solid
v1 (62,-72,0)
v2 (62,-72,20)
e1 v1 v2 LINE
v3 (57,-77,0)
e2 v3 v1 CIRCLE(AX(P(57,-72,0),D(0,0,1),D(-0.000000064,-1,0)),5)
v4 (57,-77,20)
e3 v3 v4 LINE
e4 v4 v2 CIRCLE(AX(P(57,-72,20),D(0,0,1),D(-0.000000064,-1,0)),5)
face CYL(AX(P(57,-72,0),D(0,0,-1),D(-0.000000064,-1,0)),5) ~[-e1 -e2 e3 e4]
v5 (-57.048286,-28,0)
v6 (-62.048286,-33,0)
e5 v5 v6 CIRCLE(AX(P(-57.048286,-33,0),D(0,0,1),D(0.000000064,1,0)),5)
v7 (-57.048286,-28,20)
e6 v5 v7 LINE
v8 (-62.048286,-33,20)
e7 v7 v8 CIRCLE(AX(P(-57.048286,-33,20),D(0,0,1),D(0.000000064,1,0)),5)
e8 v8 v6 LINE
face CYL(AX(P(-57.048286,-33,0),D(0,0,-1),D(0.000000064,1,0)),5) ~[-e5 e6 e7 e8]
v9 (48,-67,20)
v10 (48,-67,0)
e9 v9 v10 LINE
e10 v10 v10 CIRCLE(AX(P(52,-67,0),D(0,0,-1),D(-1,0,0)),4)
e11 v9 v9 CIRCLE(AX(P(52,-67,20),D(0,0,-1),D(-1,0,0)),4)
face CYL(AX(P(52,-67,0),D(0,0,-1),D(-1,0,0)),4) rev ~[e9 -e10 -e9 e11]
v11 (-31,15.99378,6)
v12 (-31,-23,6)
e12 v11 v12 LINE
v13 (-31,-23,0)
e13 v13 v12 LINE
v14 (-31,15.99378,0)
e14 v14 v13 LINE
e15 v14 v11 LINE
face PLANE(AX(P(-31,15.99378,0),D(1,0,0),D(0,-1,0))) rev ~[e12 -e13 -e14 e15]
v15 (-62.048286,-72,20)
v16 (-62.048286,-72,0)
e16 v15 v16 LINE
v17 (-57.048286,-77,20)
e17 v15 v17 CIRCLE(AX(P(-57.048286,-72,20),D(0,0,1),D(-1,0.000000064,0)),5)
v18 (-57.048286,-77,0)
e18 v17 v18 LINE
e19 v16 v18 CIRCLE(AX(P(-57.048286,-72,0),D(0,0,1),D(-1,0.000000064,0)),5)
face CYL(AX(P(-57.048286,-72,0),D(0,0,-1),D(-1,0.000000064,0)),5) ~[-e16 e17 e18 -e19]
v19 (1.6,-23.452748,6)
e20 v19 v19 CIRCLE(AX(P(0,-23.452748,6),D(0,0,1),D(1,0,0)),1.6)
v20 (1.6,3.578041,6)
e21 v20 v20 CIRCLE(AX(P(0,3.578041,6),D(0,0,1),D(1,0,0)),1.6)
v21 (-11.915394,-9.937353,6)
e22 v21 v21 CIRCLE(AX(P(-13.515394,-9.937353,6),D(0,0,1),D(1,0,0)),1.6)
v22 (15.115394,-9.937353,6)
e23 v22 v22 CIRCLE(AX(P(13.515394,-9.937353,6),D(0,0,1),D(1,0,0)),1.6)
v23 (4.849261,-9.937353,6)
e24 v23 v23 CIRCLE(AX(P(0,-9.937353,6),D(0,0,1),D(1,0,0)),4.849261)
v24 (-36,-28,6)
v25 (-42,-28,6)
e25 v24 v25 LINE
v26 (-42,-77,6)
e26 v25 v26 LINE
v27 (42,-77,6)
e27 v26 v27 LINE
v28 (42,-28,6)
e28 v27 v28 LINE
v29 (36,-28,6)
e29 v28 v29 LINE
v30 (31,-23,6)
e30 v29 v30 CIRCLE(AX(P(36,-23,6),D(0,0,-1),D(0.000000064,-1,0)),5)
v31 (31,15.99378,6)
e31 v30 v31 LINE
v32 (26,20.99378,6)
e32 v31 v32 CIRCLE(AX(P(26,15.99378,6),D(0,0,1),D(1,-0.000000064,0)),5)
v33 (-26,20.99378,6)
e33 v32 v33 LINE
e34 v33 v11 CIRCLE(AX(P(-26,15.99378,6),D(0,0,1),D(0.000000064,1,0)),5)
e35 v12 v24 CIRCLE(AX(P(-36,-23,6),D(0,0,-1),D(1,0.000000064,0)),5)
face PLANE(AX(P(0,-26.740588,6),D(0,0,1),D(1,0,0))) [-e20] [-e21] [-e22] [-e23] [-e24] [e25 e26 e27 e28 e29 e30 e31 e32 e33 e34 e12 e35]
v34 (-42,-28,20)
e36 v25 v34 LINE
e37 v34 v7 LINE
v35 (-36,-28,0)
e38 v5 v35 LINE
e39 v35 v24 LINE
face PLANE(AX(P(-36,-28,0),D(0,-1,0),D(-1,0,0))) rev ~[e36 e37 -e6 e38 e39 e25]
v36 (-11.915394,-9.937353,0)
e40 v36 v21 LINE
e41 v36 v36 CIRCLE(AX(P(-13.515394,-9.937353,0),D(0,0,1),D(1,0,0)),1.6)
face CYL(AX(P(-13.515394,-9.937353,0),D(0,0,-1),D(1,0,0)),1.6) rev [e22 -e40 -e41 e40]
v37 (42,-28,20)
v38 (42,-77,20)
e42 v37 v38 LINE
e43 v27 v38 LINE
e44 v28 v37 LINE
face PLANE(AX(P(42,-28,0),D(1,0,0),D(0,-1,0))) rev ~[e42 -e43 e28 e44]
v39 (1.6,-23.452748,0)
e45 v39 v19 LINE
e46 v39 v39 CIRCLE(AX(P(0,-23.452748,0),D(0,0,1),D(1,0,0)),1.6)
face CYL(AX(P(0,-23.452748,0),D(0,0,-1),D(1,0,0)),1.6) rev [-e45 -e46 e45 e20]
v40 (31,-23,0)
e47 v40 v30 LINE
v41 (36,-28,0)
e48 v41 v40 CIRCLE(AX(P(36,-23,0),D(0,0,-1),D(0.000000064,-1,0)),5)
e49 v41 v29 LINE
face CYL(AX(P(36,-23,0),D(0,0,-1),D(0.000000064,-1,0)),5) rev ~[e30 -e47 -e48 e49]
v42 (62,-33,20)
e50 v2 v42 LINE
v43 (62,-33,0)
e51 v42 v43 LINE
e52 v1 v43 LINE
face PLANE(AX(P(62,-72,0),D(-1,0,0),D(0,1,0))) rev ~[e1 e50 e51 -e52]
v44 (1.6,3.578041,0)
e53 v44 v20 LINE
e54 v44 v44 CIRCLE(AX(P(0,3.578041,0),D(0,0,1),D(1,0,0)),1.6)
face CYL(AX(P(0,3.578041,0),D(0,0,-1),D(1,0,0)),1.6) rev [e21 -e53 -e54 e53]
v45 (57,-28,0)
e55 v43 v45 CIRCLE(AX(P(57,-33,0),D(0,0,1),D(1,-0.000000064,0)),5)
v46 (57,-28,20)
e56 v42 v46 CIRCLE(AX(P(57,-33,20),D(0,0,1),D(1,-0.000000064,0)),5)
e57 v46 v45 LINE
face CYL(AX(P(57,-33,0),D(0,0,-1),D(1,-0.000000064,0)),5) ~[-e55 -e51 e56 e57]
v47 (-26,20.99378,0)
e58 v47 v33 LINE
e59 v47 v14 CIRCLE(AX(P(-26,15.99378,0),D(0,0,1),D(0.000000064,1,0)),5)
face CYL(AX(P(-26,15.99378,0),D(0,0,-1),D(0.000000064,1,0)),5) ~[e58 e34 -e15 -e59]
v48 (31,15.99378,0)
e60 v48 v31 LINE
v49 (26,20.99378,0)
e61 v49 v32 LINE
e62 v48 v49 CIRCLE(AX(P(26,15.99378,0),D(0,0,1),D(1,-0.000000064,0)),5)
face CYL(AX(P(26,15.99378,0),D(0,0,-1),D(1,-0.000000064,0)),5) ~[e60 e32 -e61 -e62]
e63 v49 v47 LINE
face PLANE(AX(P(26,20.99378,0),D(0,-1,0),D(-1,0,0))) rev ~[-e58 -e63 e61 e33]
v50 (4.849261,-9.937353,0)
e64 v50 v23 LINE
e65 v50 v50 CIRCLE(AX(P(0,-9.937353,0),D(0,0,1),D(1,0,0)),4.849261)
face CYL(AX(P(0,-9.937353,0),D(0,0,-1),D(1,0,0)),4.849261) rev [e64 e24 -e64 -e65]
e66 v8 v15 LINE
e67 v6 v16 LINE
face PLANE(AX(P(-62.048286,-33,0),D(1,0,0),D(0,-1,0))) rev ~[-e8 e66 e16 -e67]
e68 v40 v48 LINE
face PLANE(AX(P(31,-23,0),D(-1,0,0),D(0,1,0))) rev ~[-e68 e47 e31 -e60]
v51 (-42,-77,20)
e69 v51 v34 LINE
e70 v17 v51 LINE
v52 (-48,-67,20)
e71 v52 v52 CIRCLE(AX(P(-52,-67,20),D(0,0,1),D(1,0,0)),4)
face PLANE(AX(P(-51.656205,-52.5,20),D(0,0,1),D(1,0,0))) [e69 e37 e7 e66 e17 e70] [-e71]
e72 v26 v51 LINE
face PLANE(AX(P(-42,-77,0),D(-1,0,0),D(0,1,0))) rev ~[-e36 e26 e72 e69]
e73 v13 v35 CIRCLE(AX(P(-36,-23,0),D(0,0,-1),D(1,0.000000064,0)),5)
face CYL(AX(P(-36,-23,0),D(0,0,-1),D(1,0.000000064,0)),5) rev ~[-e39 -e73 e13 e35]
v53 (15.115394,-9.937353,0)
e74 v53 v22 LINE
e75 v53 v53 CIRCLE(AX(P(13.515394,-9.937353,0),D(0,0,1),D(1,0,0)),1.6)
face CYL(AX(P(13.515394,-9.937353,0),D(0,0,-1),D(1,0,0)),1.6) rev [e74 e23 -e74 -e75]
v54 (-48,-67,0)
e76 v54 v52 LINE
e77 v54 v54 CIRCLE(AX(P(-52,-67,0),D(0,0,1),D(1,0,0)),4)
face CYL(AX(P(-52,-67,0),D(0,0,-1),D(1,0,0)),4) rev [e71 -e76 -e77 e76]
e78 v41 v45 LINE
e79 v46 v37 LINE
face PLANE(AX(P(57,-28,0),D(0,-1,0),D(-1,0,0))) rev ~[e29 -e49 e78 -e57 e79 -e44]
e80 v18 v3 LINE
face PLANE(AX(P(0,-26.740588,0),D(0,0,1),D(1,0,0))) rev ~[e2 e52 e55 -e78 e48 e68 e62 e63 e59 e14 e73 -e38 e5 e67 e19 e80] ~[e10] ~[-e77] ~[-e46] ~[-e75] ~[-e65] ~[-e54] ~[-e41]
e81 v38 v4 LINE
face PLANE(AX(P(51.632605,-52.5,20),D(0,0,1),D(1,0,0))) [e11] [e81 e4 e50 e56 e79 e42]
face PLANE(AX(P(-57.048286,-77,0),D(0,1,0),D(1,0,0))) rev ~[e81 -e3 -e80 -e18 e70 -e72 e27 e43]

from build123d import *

# Parameters (mm, degrees)
F0_R     = 1.6
F0_R_2   = 4.849261
F0_R_3   = 4
F1_DEPTH = 6
F2_DEPTH = 20


with BuildPart() as f1:
    # F0 (on Top) → F1 (new body)
    with BuildSketch(Plane.XY):
        with BuildLine():
            Line((-42, -67), (0, -67))
            Line((0, -67), (42, -67))
            Line((42, -67), (42, -28))
            Line((42, -28), (36, -28))
            ThreePointArc((36, -28), (32.464466, -26.535534), (31, -23))
            Line((31, -23), (31, 15.99378))
            ThreePointArc((31, 15.99378), (29.535534, 19.529314), (26, 20.99378))
            Line((26, 20.99378), (-26, 20.99378))
            ThreePointArc((-26, 20.99378), (-29.535534, 19.529314), (-31, 15.99378))
            Line((-31, 15.99378), (-31, -23))
            ThreePointArc((-31, -23), (-32.464466, -26.535534), (-36, -28))
            Line((-36, -28), (-42, -28))
            Line((-42, -28), (-42, -67))
        make_face()
        with Locations((-13.515394, -9.937353)):
            Circle(F0_R, mode=Mode.SUBTRACT)
        with Locations((0, -23.452748)):
            Circle(F0_R, mode=Mode.SUBTRACT)
        with Locations((0, -9.937353)):
            Circle(F0_R_2, mode=Mode.SUBTRACT)
        with Locations((13.515394, -9.937353)):
            Circle(F0_R, mode=Mode.SUBTRACT)
        with Locations((0, 3.578041)):
            Circle(F0_R, mode=Mode.SUBTRACT)
        Polygon((42, -67), (0, -67), (-42, -67), (-42, -77), (42, -77), align=None)
        with BuildLine():
            Line((-42, -77), (-42, -67))
            Line((-42, -67), (-42, -28))
            Line((-42, -28), (-57.048286, -28))
            ThreePointArc((-57.048286, -28), (-60.58382, -29.464466), (-62.048286, -33))
            Line((-62.048286, -33), (-62.048286, -72))
            ThreePointArc((-62.048286, -72), (-60.58382, -75.535534), (-57.048286, -77))
            Line((-57.048286, -77), (-42, -77))
        make_face()
        with Locations((-52, -67)):
            Circle(F0_R_3, mode=Mode.SUBTRACT)
        with BuildLine():
            Line((42, -28), (42, -67))
            Line((42, -67), (42, -77))
            Line((42, -77), (57, -77))
            ThreePointArc((57, -77), (60.535534, -75.535534), (62, -72))
            Line((62, -72), (62, -33))
            ThreePointArc((62, -33), (60.535534, -29.464466), (57, -28))
            Line((57, -28), (42, -28))
        make_face()
        with BuildLine():
            ThreePointArc((56, -67), (52, -71), (48, -67))
            ThreePointArc((48, -67), (52, -63), (56, -67))
        make_face(mode=Mode.SUBTRACT)
    extrude(amount=F1_DEPTH)

    # F0 (on Top) → F2 (join)
    with BuildSketch(Plane.XY):
        with BuildLine():
            Line((42, -28), (42, -67))
            Line((42, -67), (42, -77))
            Line((42, -77), (57, -77))
            ThreePointArc((57, -77), (60.535534, -75.535534), (62, -72))
            Line((62, -72), (62, -33))
            ThreePointArc((62, -33), (60.535534, -29.464466), (57, -28))
            Line((57, -28), (42, -28))
        make_face()
        with BuildLine():
            ThreePointArc((56, -67), (52, -71), (48, -67))
            ThreePointArc((48, -67), (52, -63), (56, -67))
        make_face(mode=Mode.SUBTRACT)
        with BuildLine():
            Line((-42, -77), (-42, -67))
            Line((-42, -67), (-42, -28))
            Line((-42, -28), (-57.048286, -28))
            ThreePointArc((-57.048286, -28), (-60.58382, -29.464466), (-62.048286, -33))
            Line((-62.048286, -33), (-62.048286, -72))
            ThreePointArc((-62.048286, -72), (-60.58382, -75.535534), (-57.048286, -77))
            Line((-57.048286, -77), (-42, -77))
        make_face()
        with Locations((-52, -67)):
            Circle(F0_R_3, mode=Mode.SUBTRACT)
    extrude(amount=F2_DEPTH)


solid = f1.part
